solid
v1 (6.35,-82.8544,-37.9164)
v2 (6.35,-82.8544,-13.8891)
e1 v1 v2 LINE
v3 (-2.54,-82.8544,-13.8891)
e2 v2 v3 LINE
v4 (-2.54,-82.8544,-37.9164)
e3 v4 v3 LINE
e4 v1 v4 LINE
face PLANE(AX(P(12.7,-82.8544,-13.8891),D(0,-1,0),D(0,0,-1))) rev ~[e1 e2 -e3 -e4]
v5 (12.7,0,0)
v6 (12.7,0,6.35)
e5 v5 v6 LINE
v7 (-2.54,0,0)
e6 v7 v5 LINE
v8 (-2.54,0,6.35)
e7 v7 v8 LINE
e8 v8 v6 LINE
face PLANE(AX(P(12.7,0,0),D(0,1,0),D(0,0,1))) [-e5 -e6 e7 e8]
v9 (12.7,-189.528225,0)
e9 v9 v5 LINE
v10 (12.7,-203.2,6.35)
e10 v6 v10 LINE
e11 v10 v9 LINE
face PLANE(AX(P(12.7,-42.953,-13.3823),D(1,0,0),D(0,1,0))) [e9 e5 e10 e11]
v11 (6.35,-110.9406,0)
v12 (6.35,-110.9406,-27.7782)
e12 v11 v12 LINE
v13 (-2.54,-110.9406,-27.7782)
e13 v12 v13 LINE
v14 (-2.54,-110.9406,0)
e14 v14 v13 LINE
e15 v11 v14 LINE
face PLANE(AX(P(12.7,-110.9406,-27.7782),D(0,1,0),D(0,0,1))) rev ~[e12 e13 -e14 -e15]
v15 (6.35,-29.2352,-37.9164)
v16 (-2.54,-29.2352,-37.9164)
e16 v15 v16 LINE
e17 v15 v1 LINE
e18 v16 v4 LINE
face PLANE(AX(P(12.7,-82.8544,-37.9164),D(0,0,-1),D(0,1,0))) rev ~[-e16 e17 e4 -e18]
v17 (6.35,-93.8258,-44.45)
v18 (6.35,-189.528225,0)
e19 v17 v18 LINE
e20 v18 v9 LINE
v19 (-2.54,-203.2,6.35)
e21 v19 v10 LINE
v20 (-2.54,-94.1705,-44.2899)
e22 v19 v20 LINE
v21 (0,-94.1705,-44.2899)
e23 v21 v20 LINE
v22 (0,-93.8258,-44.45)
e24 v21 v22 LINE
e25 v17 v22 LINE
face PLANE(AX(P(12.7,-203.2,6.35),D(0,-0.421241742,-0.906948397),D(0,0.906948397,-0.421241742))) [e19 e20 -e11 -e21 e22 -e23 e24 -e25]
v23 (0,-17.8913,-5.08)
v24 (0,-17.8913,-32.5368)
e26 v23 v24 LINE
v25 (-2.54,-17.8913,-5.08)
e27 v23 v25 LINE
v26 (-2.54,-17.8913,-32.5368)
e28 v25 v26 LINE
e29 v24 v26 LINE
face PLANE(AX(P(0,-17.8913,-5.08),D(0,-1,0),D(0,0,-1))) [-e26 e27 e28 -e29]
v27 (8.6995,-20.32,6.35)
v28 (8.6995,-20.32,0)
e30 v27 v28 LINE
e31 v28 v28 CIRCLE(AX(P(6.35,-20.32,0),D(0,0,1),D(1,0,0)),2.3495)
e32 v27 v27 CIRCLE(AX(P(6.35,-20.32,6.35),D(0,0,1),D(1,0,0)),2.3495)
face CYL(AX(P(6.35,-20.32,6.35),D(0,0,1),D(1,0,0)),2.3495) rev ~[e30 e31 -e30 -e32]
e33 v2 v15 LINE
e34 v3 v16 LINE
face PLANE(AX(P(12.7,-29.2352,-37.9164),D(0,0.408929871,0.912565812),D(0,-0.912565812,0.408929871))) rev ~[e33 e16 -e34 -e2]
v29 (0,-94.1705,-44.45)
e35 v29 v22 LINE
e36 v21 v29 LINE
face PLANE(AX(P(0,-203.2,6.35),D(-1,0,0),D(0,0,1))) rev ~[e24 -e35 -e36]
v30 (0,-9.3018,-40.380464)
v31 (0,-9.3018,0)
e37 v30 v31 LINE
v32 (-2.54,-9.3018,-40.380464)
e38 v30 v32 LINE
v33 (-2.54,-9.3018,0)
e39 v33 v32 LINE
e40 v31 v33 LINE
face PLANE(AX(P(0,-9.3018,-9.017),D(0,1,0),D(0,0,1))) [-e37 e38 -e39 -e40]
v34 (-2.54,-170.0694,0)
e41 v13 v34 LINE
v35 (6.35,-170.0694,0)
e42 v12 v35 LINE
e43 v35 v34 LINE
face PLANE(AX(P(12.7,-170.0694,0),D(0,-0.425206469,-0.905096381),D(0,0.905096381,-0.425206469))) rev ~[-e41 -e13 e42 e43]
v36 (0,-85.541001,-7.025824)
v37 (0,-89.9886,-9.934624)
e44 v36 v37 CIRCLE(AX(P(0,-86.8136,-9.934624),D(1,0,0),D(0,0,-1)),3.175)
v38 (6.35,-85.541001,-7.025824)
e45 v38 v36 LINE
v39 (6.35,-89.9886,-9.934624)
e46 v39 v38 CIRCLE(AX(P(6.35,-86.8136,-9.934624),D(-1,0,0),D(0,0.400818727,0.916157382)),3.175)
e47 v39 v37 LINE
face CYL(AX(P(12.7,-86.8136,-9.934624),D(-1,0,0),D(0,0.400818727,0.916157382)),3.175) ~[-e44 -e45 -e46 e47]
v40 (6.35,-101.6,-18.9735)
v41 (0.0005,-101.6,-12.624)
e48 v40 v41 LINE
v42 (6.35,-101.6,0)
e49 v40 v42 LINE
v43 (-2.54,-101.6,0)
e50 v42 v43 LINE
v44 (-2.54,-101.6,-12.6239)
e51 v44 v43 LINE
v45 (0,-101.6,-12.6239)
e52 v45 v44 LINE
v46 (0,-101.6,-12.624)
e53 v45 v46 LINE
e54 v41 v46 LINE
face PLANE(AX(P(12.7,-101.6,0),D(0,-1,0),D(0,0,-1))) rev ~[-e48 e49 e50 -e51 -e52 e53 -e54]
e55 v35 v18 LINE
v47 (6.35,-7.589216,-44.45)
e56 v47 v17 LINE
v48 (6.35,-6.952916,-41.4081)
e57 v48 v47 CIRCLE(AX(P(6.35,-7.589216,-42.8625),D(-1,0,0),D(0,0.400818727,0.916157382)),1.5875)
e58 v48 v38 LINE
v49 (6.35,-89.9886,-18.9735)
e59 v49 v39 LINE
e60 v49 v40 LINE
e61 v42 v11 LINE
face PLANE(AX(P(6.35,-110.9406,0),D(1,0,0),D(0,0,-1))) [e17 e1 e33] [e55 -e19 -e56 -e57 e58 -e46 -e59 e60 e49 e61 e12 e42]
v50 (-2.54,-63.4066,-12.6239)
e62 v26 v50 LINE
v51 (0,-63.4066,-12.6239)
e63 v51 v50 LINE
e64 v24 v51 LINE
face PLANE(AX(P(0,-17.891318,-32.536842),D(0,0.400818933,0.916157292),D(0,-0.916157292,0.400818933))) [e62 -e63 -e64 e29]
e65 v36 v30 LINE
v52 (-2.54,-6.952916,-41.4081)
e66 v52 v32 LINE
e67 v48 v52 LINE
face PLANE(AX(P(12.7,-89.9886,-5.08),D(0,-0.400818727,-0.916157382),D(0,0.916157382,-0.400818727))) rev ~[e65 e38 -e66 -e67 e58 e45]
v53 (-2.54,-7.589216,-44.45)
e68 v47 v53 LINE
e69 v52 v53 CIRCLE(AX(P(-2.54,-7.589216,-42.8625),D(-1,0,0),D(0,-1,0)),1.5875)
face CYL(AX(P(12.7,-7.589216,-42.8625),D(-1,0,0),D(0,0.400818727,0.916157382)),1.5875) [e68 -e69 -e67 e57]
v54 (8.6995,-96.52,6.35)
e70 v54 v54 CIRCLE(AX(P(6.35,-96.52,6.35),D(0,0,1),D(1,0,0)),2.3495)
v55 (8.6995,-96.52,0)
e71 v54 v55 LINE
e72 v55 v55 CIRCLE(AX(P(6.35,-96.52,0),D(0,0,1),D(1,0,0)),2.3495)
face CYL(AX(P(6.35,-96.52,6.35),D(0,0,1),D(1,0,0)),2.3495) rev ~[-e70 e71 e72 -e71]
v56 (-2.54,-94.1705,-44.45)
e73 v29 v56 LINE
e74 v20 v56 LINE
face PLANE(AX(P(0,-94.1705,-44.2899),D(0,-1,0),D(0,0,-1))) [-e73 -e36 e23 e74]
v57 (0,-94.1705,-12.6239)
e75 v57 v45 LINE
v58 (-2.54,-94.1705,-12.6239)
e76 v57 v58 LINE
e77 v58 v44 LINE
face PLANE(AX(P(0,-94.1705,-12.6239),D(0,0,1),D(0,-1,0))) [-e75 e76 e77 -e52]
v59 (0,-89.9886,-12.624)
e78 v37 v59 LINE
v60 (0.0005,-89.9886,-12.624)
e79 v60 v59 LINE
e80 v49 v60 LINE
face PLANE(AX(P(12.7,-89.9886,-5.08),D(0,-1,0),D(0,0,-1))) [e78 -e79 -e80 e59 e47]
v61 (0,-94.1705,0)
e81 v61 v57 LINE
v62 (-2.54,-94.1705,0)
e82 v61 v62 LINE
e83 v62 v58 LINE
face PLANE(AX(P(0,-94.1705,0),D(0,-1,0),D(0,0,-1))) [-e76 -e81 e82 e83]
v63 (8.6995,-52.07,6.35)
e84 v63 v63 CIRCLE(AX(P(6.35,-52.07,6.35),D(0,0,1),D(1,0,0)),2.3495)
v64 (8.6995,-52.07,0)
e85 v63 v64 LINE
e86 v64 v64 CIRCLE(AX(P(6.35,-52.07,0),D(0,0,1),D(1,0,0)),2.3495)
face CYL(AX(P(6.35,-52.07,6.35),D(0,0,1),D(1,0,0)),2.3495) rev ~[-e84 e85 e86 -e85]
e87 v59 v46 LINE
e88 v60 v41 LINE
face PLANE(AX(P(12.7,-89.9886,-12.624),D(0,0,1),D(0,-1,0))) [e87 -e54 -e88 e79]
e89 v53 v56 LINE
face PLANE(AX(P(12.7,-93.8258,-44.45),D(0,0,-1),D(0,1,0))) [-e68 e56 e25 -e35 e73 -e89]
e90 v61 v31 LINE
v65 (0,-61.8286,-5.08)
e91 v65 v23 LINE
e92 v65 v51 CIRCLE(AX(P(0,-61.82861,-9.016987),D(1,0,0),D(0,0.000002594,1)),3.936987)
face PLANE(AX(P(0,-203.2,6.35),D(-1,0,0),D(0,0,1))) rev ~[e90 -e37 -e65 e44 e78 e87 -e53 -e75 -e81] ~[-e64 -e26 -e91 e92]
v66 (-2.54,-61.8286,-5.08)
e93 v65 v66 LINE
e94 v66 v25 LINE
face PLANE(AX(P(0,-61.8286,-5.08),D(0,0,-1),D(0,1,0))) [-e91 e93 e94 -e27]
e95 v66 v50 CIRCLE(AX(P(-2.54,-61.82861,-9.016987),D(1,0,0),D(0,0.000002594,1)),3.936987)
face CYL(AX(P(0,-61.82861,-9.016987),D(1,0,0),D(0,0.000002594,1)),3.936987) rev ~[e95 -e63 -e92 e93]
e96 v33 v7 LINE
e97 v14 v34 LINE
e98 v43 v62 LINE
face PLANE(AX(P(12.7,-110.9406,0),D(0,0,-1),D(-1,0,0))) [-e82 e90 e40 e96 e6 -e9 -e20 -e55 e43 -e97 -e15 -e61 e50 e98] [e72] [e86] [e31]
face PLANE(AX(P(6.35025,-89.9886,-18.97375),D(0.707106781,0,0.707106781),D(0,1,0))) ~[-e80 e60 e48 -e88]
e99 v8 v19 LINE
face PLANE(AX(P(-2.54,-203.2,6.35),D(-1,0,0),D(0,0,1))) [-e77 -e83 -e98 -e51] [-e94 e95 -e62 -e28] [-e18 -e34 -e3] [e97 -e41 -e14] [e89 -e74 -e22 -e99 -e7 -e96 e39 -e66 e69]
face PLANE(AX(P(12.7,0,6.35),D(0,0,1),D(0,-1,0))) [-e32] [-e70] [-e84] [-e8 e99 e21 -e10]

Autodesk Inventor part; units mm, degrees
ref_plane "YZ Plane" through (0, 0, 0) normal (1, 0, 0) x (0, 1, 0)
ref_plane "XZ Plane" through (0, 0, 0) normal (0, 1, 0) x (-1, 0, 0)
ref_plane "Work Plane1" through (12.7, -42.953, -13.3823) normal (1, 0, 0) x (0, 1, 0)
sketch "Sketch1" plane through (12.7, -42.953, -13.3823) normal (1, 0, 0) x (0, 1, 0)
  line L0 (-54.71, 8.3023) -> (-54.71, 13.3823) projected
  line L1 (-54.71, 8.3023) -> (-47.0356, 8.3023) projected
  line L2 (-47.0356, 8.3023) -> (42.953, -31.0677) projected
  line L3 (42.953, -31.0677) -> (42.953, -10.5432) projected
  line L4 (42.953, -10.5432) -> (42.953, -7.1422) projected
  line L5 (42.953, -7.1422) -> (42.953, 13.3823) projected
  line L6 (42.953, 13.3823) -> (-54.71, 13.3823) projected
  line L7 (-18.8756, 8.3023) -> (29.7141, 8.3023) projected
  arc A0 (33.6511, 4.3653) -> (29.7141, 8.3023) centre (29.7141, 4.3653) ccw projected
  line L8 (33.6511, 4.3653) -> (33.6511, -16.8927) projected
  arc A1 (28.1361, -20.4997) -> (33.6511, -16.8927) centre (29.7141, -16.8927) ccw projected
  line L9 (28.1361, -20.4997) -> (-20.4536, 0.7583) projected
  arc A2 (-18.8756, 8.3023) -> (-20.4536, 0.7583) centre (-18.8756, 4.3653) ccw projected
  line L10 (-58.647, 13.3823) -> (-58.647, 8.3023) projected
  line L11 (-58.647, 13.3823) -> (-54.71, 13.3823) projected
  line L12 (-54.71, 8.3023) -> (-58.647, 8.3023) projected
  line L13 (42.953, 13.3823) -> (42.953, 19.7323)
  line L14 (42.953, 19.7323) -> (-160.247, 19.7323)
  line L15 (-160.247, 19.7323) -> (-50.8728, -31.0677)
  line L16 (-50.8728, -31.0677) -> (42.953, -31.0677)
  line L17 (42.953, -31.0677) -> (-47.0356, 8.3023)
  line L18 (-47.0356, 8.3023) -> (-47.0356, 0.7583)
  line L19 (-47.0356, 0.7583) -> (-58.647, 0.7583)
  line L20 (-58.647, 0.7583) -> (-58.647, 13.3823)
  line L21 (-58.647, 13.3823) -> (42.953, 13.3823)
  dimension "d0" = 6.35
  dimension "d1" = 203.2
ref_plane "Work Plane2" through (0, -97.663, -42.3664) normal (-1, 0, 0) x (0, 0, 1)
extrude "Extrusion1" add sketch "Sketch1" against normal up to surface (12.7 mm away) contours L11 L10 L20 L19 L18 L2 L16 L15 L14 L13 L6
sketch "Sketch2" plane through (12.7, -203.2, 6.35) normal (0, 0, 1) x (1, 0, 0)
  circle A0 centre (-6.35, 182.88) radius 2.3495 projected
  circle A1 centre (-6.35, 151.13) radius 2.3495 projected
  circle A2 centre (-6.35, 106.68) radius 2.3495 projected
  point P0 (-12.7, 203.2)
extrude "Extrusion2" cut sketch "Sketch2" against normal blind 17.4625
sketch "Sketch3" plane through (0, -203.2, 6.35) normal (-1, 0, 0) x (0, 0, 1)
  line L0 (0, 203.2) -> (0, 0) projected
  line L1 (-6.35, 203.2) -> (0, 203.2) projected
  line L2 (-6.35, 101.6) -> (-6.35, 203.2) projected
  line L3 (-18.9739, 101.6) -> (-6.35, 101.6) projected
  line L4 (-18.9739, 113.2114) -> (-18.9739, 101.6) projected
  line L5 (-11.43, 113.2114) -> (-18.9739, 113.2114) projected
  line L6 (-50.8, 203.2) -> (-11.43, 113.2114) projected
  line L7 (-50.8, 109.3742) -> (-50.8, 203.2) projected
  line L8 (0, 0) -> (-50.8, 109.3742) projected
  line L9 (-35.8, 198.4375) -> (-35.8, 203.2) projected
  line L10 (-15.367, 193.8982) -> (-36.625, 193.8982) projected
  line L11 (0, 109.0295) -> (0, 104.3305) projected
  line L12 (-50.8, 193.8982) -> (0, 193.8982)
  line L13 (0, 193.8982) -> (0, 109.0295)
  line L14 (0, 109.0295) -> (-50.8, 109.0295)
  line L15 (-50.8, 109.0295) -> (-50.8, 193.8982)
extrude "Extrusion3" add sketch "Sketch3" along normal blind 2.54 contours L0 L12 L2 L1 | L0 L14 L2 L12 | L0 L8 L14 L4 L3 L2 | L2 L14 L4 L5 L6 L12 L10 | L14 L8 L7 L12 L6 L5 L4 | L14 L15 L8 | L12 L7 L6
sketch "Sketch4" plane through (0, -203.2, 6.35) normal (1, 0, 0) x (0, 0, -1)
  line L0 (11.43, 141.3714) -> (11.43, 189.9612) projected
  line L1 (11.43, 105.537) -> (6.35, 105.537) projected
  line L2 (11.43, 105.537) -> (11.43, 113.2114) projected
  line L3 (11.43, 113.2114) -> (50.8, 203.2) projected
  line L4 (50.8, 203.2) -> (30.2755, 203.2) projected
  line L5 (30.2755, 203.2) -> (26.8745, 203.2) projected
  line L6 (26.8745, 203.2) -> (6.35, 203.2) projected
  line L7 (6.35, 203.2) -> (6.35, 105.537) projected
  line L8 (11.43, 141.3714) -> (11.43, 189.9612) projected
  arc A0 (15.367, 193.8982) -> (11.43, 189.9612) centre (15.367, 189.9612) ccw projected
  line L9 (15.367, 193.8982) -> (36.625, 193.8982) projected
  arc A1 (40.2319, 188.3831) -> (36.625, 193.8982) centre (36.625, 189.9612) ccw projected
  line L10 (40.2319, 188.3831) -> (18.9739, 139.7934) projected
  arc A2 (11.43, 141.3714) -> (18.9739, 139.7934) centre (15.367, 141.3714) ccw projected
  line L11 (11.43, 185.3087) -> (38.8868, 185.3087)
extrude "Extrusion4" cut sketch "Sketch4" against normal blind 2.54 contours L0 L11 L10 A2
fillet "Fillet1" radius 3.175 1 edges at (6.35, -89.9886, -5.08)
fillet "Fillet2" radius 1.5875 1 edges at (5.08, 0, -44.45)
sketch "Sketch5" plane through (12.7, -42.953, -13.3823) normal (1, 0, 0) x (0, 0, -1)
  arc A0 (31.0677, 35.3637) -> (28.0258, 36) centre (29.4802, 35.3637) ccw projected
  line L0 (28.0258, 36) -> (-6.3564, -42.588) projected
  arc A1 (-6.3564, -42.588) -> (-3.4476, -47.0356) centre (-3.4476, -43.8606) ccw projected
  line L1 (-3.4476, -47.0356) -> (-0.7583, -47.0356) projected
  line L2 (-0.7583, -47.0356) -> (-0.7583, -58.647) projected
  line L3 (-0.7583, -58.647) -> (-13.3823, -58.647) projected
  line L4 (-13.3823, -58.647) -> (-13.3823, 42.953) projected
  line L5 (-13.3823, 42.953) -> (-19.7323, 42.953) projected
  line L6 (-19.7323, 42.953) -> (-19.7323, -160.247) projected
  line L7 (-19.7323, -160.247) -> (31.0677, -50.8728) projected
  line L8 (31.0677, -50.8728) -> (31.0677, 35.3637) projected
  line L9 (-13.3823, -127.1164) -> (-13.3823, -67.9876)
  line L10 (-13.3823, -127.1164) -> (14.3959, -67.9876)
  line L11 (14.3959, -67.9876) -> (-13.3823, -67.9876)
  line L12 (2.8311, -39.9014) -> (24.5341, -39.9014)
  line L13 (24.5341, -39.9014) -> (24.5341, 13.7178)
  line L14 (24.5341, 13.7178) -> (0.5068, -39.9014)
  line L15 (0.5068, -39.9014) -> (2.8311, -39.9014)
extrude "Extrusion5" cut sketch "Sketch5" against normal blind 17.78 contours L9 L11 L10 | L15 L14 L13 L12
chamfer "Chamfer1" distance 12.7 angle 45 1 edges at (12.7, -95.7943, -12.6239)
ref_plane "Work Plane3" through (6.35, 0, 0) normal (0, -1, 0) x (1, 0, 0)
sketch "Sketch6" plane through (12.7, -110.9406, -27.7782) normal (0, -1, 0) x (1, 0, 0)
  line L0 (-15.24, 34.1282) -> (-15.24, 27.7782) projected
  line L1 (-15.24, 34.1282) -> (-15.24, 27.7782)
  line L2 (0, 27.7782) -> (0, 0) projected
  line L3 (0, -16.6718) -> (-12.7, -16.6718) projected
  line L4 (0, 27.7782) -> (-6.35, 27.7782)
  line L5 (-6.35, 27.7782) -> (-6.35, -16.6718)
  line L6 (-6.35, -16.6718) -> (0, -16.6718)
  line L7 (0, -16.6718) -> (0, 27.7782)
  point P0 (-12.7, 27.7782)
  dimension "d17" = 6.35
  dimension "d18" = 6.35
extrude "Extrusion6" cut sketch "Sketch6" along normal mid plane 211.455
properties part number "PlateSpacer"
